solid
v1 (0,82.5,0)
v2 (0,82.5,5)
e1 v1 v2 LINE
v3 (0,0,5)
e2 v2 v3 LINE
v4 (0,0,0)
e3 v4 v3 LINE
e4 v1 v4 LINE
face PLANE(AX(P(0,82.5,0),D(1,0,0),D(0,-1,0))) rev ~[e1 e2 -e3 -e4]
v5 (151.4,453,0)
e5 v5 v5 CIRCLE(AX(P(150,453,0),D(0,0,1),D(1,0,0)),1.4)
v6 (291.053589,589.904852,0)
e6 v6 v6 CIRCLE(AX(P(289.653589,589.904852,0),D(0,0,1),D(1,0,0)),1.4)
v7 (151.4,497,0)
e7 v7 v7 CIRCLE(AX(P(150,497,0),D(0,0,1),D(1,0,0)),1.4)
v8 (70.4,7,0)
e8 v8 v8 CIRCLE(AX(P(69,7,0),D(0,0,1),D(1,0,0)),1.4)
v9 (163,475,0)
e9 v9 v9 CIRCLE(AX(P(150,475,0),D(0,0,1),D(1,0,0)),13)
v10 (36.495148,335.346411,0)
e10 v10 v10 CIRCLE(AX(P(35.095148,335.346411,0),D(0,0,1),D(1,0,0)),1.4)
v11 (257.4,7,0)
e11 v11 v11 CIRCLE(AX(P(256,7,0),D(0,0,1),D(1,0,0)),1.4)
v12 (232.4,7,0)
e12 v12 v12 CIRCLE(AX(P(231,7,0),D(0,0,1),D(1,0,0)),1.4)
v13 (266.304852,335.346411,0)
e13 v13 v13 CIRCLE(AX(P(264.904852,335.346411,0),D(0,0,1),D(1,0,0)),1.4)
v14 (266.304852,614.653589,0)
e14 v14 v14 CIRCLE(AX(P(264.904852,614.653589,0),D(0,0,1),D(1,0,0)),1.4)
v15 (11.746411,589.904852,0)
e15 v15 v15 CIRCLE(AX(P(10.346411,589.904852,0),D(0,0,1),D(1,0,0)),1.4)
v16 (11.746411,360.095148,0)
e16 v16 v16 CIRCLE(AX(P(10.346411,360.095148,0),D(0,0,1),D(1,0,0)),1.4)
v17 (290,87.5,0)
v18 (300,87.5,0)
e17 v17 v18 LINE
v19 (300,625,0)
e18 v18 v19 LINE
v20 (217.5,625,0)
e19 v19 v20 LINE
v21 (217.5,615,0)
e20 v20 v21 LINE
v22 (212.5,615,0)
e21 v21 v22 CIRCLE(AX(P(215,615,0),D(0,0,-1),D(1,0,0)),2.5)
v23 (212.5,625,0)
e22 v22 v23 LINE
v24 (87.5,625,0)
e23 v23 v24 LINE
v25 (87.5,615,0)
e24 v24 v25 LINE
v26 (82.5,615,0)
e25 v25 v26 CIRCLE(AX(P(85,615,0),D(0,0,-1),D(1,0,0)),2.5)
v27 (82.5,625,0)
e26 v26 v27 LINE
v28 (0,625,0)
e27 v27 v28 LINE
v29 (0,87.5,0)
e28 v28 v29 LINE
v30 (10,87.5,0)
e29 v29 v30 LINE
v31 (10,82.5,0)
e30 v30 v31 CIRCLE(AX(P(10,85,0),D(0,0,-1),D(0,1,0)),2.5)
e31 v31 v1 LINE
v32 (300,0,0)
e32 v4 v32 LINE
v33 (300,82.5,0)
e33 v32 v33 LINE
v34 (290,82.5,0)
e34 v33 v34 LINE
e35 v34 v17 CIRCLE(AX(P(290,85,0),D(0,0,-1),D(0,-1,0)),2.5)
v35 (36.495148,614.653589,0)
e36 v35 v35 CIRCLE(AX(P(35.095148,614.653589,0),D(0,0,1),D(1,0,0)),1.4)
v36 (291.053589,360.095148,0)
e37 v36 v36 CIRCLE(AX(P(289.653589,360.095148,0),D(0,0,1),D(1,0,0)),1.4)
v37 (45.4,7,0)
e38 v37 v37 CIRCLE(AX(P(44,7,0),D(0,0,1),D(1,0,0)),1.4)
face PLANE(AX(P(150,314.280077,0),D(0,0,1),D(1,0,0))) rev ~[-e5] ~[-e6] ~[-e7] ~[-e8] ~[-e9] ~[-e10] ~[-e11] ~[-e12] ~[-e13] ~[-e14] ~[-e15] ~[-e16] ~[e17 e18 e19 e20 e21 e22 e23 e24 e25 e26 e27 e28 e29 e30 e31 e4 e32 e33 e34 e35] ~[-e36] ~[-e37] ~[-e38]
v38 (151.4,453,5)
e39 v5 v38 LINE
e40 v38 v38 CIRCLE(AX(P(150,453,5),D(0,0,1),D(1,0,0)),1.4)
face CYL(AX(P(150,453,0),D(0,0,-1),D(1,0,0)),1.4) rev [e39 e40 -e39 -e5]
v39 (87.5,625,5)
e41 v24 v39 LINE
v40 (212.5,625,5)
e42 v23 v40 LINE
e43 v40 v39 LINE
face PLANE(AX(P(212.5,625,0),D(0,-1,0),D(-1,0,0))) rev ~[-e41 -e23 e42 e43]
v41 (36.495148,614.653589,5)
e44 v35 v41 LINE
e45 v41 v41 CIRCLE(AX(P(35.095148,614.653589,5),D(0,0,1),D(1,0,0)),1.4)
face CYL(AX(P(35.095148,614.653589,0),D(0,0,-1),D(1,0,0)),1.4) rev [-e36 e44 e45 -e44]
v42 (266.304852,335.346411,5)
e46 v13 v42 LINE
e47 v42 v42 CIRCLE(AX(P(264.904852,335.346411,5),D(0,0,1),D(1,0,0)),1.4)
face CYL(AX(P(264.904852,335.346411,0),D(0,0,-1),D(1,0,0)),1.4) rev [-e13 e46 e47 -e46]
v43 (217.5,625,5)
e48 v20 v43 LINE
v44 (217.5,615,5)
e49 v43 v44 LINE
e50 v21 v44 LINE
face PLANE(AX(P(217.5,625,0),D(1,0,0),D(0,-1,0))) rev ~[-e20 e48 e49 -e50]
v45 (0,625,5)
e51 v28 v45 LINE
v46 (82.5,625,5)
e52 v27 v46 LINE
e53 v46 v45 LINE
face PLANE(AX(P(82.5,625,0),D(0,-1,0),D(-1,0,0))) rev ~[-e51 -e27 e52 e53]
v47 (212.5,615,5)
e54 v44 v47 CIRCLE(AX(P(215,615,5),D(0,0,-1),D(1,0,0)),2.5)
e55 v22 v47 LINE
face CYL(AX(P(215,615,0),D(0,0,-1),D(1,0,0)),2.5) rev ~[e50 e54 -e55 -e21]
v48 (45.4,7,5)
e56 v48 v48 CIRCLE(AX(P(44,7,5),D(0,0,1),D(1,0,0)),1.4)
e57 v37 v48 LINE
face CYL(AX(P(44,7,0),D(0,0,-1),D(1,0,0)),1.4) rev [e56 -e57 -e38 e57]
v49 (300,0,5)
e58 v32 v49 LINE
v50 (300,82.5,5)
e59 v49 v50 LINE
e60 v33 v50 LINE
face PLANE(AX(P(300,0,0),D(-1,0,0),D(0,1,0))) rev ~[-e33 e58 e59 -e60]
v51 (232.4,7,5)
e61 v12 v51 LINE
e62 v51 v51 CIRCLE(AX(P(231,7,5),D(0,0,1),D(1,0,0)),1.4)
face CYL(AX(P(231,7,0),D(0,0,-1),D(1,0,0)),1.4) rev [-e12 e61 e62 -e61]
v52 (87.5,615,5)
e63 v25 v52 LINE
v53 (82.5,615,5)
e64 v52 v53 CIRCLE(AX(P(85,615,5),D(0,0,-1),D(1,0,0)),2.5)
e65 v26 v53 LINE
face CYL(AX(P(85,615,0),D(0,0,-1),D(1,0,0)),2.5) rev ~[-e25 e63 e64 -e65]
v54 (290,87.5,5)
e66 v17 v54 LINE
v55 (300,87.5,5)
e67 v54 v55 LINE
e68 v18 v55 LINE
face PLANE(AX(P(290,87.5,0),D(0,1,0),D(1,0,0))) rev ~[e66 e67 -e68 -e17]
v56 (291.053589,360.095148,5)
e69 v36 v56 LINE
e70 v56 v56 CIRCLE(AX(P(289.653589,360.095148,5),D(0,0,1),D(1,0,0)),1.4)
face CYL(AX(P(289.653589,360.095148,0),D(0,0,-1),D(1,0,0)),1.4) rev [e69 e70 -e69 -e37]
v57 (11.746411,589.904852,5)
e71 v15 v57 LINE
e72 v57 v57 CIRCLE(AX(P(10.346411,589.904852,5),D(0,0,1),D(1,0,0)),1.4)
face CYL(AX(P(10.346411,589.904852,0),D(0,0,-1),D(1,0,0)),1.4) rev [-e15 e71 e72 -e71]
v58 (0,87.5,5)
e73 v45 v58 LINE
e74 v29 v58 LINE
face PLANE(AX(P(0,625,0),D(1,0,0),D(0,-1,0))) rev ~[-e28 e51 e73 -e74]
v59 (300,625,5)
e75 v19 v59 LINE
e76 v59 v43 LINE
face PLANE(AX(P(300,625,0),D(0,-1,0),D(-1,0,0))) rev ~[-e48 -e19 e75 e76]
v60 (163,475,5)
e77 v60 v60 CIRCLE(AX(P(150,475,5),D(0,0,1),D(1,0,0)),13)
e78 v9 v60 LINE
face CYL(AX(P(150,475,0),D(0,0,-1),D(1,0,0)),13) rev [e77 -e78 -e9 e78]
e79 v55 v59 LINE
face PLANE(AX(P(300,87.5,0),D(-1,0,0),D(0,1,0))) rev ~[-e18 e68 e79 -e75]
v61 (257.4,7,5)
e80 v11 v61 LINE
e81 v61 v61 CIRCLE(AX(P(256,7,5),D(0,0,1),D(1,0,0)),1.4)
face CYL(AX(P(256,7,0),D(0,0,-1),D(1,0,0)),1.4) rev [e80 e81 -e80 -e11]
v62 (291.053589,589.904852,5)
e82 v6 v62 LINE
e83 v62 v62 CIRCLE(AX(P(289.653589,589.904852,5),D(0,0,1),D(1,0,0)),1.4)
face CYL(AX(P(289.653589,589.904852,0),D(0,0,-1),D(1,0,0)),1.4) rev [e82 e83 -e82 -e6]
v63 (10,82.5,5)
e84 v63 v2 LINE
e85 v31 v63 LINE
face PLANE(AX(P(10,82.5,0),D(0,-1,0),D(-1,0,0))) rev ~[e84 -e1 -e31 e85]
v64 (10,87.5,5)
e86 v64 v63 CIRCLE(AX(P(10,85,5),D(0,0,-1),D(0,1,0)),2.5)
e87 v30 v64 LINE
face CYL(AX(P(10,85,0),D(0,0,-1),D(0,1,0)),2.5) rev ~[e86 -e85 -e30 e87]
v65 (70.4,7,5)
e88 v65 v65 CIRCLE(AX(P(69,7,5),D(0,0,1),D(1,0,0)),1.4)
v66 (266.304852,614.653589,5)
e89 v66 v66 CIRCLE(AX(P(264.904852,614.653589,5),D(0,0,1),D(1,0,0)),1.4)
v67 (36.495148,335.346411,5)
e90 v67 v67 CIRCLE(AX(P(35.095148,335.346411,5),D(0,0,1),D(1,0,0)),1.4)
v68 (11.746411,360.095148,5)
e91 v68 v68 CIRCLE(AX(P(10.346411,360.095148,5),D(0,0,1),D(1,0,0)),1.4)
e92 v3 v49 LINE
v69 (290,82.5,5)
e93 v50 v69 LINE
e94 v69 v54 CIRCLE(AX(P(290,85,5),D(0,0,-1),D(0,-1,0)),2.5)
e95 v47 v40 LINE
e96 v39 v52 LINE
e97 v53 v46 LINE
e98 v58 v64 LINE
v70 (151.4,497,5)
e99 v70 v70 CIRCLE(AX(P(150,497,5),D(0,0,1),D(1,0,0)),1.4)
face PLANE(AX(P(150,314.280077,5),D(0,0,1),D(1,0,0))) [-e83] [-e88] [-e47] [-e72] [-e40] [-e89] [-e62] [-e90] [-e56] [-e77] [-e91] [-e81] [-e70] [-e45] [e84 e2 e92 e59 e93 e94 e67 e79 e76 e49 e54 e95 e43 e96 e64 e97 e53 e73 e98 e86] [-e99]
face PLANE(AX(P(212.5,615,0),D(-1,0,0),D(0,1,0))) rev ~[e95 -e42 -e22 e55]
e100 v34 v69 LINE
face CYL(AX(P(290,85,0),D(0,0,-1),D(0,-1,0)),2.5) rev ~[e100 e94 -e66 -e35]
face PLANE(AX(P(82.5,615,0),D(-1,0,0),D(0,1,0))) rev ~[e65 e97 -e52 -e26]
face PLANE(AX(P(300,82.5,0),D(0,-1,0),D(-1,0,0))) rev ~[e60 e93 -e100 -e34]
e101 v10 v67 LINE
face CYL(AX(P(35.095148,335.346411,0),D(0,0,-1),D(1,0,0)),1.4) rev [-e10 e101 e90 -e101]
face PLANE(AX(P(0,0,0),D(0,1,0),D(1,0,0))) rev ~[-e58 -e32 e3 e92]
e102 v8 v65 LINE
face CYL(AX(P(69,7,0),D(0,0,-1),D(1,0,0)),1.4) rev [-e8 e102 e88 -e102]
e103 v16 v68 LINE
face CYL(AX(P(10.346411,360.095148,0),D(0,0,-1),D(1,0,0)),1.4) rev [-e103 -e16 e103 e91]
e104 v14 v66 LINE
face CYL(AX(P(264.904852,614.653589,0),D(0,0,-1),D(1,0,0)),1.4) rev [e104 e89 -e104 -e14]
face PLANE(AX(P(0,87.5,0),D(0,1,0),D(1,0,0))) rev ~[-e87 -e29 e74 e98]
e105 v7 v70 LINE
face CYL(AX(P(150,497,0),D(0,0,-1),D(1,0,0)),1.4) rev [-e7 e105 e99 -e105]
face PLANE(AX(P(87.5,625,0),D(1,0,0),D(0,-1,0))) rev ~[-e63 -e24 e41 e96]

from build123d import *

# Parameters (mm, degrees)
F0_R     = 1.4
F0_R_2   = 13
F1_DEPTH = 5


with BuildPart() as f1:
    # F0 (on Top) → F1 (new body)
    with BuildSketch(Plane.XY):
        with BuildLine():
            Line((82.5, 625), (0, 625))
            Line((0, 625), (0, 87.5))
            Line((0, 87.5), (10, 87.5))
            ThreePointArc((10, 87.5), (12.5, 85), (10, 82.5))
            Line((10, 82.5), (0, 82.5))
            Line((0, 82.5), (0, 0))
            Line((0, 0), (300, 0))
            Line((300, 0), (300, 82.5))
            Line((300, 82.5), (290, 82.5))
            ThreePointArc((290, 82.5), (287.5, 85), (290, 87.5))
            Line((290, 87.5), (300, 87.5))
            Line((300, 87.5), (300, 625))
            Line((300, 625), (217.5, 625))
            Line((217.5, 625), (217.5, 615))
            ThreePointArc((217.5, 615), (215, 612.5), (212.5, 615))
            Line((212.5, 615), (212.5, 625))
            Line((212.5, 625), (87.5, 625))
            Line((87.5, 625), (87.5, 615))
            ThreePointArc((87.5, 615), (85, 612.5), (82.5, 615))
            Line((82.5, 615), (82.5, 625))
        make_face()
        with Locations((44, 7)):
            Circle(F0_R, mode=Mode.SUBTRACT)
        with Locations((69, 7)):
            Circle(F0_R, mode=Mode.SUBTRACT)
        with Locations((231, 7)):
            Circle(F0_R, mode=Mode.SUBTRACT)
        with Locations((256, 7)):
            Circle(F0_R, mode=Mode.SUBTRACT)
        with Locations((35.095148, 335.346411)):
            Circle(F0_R, mode=Mode.SUBTRACT)
        with Locations((10.346411, 360.095148)):
            Circle(F0_R, mode=Mode.SUBTRACT)
        with Locations((10.346411, 589.904852)):
            Circle(F0_R, mode=Mode.SUBTRACT)
        with Locations((35.095148, 614.653589)):
            Circle(F0_R, mode=Mode.SUBTRACT)
        with Locations((150, 453)):
            Circle(F0_R, mode=Mode.SUBTRACT)
        with Locations((264.904852, 335.346411)):
            Circle(F0_R, mode=Mode.SUBTRACT)
        with Locations((289.653589, 360.095148)):
            Circle(F0_R, mode=Mode.SUBTRACT)
        with Locations((150, 475)):
            Circle(F0_R_2, mode=Mode.SUBTRACT)
        with Locations((150, 497)):
            Circle(F0_R, mode=Mode.SUBTRACT)
        with Locations((264.904852, 614.653589)):
            Circle(F0_R, mode=Mode.SUBTRACT)
        with Locations((289.653589, 589.904852)):
            Circle(F0_R, mode=Mode.SUBTRACT)
    extrude(amount=F1_DEPTH)


solid = f1.part
